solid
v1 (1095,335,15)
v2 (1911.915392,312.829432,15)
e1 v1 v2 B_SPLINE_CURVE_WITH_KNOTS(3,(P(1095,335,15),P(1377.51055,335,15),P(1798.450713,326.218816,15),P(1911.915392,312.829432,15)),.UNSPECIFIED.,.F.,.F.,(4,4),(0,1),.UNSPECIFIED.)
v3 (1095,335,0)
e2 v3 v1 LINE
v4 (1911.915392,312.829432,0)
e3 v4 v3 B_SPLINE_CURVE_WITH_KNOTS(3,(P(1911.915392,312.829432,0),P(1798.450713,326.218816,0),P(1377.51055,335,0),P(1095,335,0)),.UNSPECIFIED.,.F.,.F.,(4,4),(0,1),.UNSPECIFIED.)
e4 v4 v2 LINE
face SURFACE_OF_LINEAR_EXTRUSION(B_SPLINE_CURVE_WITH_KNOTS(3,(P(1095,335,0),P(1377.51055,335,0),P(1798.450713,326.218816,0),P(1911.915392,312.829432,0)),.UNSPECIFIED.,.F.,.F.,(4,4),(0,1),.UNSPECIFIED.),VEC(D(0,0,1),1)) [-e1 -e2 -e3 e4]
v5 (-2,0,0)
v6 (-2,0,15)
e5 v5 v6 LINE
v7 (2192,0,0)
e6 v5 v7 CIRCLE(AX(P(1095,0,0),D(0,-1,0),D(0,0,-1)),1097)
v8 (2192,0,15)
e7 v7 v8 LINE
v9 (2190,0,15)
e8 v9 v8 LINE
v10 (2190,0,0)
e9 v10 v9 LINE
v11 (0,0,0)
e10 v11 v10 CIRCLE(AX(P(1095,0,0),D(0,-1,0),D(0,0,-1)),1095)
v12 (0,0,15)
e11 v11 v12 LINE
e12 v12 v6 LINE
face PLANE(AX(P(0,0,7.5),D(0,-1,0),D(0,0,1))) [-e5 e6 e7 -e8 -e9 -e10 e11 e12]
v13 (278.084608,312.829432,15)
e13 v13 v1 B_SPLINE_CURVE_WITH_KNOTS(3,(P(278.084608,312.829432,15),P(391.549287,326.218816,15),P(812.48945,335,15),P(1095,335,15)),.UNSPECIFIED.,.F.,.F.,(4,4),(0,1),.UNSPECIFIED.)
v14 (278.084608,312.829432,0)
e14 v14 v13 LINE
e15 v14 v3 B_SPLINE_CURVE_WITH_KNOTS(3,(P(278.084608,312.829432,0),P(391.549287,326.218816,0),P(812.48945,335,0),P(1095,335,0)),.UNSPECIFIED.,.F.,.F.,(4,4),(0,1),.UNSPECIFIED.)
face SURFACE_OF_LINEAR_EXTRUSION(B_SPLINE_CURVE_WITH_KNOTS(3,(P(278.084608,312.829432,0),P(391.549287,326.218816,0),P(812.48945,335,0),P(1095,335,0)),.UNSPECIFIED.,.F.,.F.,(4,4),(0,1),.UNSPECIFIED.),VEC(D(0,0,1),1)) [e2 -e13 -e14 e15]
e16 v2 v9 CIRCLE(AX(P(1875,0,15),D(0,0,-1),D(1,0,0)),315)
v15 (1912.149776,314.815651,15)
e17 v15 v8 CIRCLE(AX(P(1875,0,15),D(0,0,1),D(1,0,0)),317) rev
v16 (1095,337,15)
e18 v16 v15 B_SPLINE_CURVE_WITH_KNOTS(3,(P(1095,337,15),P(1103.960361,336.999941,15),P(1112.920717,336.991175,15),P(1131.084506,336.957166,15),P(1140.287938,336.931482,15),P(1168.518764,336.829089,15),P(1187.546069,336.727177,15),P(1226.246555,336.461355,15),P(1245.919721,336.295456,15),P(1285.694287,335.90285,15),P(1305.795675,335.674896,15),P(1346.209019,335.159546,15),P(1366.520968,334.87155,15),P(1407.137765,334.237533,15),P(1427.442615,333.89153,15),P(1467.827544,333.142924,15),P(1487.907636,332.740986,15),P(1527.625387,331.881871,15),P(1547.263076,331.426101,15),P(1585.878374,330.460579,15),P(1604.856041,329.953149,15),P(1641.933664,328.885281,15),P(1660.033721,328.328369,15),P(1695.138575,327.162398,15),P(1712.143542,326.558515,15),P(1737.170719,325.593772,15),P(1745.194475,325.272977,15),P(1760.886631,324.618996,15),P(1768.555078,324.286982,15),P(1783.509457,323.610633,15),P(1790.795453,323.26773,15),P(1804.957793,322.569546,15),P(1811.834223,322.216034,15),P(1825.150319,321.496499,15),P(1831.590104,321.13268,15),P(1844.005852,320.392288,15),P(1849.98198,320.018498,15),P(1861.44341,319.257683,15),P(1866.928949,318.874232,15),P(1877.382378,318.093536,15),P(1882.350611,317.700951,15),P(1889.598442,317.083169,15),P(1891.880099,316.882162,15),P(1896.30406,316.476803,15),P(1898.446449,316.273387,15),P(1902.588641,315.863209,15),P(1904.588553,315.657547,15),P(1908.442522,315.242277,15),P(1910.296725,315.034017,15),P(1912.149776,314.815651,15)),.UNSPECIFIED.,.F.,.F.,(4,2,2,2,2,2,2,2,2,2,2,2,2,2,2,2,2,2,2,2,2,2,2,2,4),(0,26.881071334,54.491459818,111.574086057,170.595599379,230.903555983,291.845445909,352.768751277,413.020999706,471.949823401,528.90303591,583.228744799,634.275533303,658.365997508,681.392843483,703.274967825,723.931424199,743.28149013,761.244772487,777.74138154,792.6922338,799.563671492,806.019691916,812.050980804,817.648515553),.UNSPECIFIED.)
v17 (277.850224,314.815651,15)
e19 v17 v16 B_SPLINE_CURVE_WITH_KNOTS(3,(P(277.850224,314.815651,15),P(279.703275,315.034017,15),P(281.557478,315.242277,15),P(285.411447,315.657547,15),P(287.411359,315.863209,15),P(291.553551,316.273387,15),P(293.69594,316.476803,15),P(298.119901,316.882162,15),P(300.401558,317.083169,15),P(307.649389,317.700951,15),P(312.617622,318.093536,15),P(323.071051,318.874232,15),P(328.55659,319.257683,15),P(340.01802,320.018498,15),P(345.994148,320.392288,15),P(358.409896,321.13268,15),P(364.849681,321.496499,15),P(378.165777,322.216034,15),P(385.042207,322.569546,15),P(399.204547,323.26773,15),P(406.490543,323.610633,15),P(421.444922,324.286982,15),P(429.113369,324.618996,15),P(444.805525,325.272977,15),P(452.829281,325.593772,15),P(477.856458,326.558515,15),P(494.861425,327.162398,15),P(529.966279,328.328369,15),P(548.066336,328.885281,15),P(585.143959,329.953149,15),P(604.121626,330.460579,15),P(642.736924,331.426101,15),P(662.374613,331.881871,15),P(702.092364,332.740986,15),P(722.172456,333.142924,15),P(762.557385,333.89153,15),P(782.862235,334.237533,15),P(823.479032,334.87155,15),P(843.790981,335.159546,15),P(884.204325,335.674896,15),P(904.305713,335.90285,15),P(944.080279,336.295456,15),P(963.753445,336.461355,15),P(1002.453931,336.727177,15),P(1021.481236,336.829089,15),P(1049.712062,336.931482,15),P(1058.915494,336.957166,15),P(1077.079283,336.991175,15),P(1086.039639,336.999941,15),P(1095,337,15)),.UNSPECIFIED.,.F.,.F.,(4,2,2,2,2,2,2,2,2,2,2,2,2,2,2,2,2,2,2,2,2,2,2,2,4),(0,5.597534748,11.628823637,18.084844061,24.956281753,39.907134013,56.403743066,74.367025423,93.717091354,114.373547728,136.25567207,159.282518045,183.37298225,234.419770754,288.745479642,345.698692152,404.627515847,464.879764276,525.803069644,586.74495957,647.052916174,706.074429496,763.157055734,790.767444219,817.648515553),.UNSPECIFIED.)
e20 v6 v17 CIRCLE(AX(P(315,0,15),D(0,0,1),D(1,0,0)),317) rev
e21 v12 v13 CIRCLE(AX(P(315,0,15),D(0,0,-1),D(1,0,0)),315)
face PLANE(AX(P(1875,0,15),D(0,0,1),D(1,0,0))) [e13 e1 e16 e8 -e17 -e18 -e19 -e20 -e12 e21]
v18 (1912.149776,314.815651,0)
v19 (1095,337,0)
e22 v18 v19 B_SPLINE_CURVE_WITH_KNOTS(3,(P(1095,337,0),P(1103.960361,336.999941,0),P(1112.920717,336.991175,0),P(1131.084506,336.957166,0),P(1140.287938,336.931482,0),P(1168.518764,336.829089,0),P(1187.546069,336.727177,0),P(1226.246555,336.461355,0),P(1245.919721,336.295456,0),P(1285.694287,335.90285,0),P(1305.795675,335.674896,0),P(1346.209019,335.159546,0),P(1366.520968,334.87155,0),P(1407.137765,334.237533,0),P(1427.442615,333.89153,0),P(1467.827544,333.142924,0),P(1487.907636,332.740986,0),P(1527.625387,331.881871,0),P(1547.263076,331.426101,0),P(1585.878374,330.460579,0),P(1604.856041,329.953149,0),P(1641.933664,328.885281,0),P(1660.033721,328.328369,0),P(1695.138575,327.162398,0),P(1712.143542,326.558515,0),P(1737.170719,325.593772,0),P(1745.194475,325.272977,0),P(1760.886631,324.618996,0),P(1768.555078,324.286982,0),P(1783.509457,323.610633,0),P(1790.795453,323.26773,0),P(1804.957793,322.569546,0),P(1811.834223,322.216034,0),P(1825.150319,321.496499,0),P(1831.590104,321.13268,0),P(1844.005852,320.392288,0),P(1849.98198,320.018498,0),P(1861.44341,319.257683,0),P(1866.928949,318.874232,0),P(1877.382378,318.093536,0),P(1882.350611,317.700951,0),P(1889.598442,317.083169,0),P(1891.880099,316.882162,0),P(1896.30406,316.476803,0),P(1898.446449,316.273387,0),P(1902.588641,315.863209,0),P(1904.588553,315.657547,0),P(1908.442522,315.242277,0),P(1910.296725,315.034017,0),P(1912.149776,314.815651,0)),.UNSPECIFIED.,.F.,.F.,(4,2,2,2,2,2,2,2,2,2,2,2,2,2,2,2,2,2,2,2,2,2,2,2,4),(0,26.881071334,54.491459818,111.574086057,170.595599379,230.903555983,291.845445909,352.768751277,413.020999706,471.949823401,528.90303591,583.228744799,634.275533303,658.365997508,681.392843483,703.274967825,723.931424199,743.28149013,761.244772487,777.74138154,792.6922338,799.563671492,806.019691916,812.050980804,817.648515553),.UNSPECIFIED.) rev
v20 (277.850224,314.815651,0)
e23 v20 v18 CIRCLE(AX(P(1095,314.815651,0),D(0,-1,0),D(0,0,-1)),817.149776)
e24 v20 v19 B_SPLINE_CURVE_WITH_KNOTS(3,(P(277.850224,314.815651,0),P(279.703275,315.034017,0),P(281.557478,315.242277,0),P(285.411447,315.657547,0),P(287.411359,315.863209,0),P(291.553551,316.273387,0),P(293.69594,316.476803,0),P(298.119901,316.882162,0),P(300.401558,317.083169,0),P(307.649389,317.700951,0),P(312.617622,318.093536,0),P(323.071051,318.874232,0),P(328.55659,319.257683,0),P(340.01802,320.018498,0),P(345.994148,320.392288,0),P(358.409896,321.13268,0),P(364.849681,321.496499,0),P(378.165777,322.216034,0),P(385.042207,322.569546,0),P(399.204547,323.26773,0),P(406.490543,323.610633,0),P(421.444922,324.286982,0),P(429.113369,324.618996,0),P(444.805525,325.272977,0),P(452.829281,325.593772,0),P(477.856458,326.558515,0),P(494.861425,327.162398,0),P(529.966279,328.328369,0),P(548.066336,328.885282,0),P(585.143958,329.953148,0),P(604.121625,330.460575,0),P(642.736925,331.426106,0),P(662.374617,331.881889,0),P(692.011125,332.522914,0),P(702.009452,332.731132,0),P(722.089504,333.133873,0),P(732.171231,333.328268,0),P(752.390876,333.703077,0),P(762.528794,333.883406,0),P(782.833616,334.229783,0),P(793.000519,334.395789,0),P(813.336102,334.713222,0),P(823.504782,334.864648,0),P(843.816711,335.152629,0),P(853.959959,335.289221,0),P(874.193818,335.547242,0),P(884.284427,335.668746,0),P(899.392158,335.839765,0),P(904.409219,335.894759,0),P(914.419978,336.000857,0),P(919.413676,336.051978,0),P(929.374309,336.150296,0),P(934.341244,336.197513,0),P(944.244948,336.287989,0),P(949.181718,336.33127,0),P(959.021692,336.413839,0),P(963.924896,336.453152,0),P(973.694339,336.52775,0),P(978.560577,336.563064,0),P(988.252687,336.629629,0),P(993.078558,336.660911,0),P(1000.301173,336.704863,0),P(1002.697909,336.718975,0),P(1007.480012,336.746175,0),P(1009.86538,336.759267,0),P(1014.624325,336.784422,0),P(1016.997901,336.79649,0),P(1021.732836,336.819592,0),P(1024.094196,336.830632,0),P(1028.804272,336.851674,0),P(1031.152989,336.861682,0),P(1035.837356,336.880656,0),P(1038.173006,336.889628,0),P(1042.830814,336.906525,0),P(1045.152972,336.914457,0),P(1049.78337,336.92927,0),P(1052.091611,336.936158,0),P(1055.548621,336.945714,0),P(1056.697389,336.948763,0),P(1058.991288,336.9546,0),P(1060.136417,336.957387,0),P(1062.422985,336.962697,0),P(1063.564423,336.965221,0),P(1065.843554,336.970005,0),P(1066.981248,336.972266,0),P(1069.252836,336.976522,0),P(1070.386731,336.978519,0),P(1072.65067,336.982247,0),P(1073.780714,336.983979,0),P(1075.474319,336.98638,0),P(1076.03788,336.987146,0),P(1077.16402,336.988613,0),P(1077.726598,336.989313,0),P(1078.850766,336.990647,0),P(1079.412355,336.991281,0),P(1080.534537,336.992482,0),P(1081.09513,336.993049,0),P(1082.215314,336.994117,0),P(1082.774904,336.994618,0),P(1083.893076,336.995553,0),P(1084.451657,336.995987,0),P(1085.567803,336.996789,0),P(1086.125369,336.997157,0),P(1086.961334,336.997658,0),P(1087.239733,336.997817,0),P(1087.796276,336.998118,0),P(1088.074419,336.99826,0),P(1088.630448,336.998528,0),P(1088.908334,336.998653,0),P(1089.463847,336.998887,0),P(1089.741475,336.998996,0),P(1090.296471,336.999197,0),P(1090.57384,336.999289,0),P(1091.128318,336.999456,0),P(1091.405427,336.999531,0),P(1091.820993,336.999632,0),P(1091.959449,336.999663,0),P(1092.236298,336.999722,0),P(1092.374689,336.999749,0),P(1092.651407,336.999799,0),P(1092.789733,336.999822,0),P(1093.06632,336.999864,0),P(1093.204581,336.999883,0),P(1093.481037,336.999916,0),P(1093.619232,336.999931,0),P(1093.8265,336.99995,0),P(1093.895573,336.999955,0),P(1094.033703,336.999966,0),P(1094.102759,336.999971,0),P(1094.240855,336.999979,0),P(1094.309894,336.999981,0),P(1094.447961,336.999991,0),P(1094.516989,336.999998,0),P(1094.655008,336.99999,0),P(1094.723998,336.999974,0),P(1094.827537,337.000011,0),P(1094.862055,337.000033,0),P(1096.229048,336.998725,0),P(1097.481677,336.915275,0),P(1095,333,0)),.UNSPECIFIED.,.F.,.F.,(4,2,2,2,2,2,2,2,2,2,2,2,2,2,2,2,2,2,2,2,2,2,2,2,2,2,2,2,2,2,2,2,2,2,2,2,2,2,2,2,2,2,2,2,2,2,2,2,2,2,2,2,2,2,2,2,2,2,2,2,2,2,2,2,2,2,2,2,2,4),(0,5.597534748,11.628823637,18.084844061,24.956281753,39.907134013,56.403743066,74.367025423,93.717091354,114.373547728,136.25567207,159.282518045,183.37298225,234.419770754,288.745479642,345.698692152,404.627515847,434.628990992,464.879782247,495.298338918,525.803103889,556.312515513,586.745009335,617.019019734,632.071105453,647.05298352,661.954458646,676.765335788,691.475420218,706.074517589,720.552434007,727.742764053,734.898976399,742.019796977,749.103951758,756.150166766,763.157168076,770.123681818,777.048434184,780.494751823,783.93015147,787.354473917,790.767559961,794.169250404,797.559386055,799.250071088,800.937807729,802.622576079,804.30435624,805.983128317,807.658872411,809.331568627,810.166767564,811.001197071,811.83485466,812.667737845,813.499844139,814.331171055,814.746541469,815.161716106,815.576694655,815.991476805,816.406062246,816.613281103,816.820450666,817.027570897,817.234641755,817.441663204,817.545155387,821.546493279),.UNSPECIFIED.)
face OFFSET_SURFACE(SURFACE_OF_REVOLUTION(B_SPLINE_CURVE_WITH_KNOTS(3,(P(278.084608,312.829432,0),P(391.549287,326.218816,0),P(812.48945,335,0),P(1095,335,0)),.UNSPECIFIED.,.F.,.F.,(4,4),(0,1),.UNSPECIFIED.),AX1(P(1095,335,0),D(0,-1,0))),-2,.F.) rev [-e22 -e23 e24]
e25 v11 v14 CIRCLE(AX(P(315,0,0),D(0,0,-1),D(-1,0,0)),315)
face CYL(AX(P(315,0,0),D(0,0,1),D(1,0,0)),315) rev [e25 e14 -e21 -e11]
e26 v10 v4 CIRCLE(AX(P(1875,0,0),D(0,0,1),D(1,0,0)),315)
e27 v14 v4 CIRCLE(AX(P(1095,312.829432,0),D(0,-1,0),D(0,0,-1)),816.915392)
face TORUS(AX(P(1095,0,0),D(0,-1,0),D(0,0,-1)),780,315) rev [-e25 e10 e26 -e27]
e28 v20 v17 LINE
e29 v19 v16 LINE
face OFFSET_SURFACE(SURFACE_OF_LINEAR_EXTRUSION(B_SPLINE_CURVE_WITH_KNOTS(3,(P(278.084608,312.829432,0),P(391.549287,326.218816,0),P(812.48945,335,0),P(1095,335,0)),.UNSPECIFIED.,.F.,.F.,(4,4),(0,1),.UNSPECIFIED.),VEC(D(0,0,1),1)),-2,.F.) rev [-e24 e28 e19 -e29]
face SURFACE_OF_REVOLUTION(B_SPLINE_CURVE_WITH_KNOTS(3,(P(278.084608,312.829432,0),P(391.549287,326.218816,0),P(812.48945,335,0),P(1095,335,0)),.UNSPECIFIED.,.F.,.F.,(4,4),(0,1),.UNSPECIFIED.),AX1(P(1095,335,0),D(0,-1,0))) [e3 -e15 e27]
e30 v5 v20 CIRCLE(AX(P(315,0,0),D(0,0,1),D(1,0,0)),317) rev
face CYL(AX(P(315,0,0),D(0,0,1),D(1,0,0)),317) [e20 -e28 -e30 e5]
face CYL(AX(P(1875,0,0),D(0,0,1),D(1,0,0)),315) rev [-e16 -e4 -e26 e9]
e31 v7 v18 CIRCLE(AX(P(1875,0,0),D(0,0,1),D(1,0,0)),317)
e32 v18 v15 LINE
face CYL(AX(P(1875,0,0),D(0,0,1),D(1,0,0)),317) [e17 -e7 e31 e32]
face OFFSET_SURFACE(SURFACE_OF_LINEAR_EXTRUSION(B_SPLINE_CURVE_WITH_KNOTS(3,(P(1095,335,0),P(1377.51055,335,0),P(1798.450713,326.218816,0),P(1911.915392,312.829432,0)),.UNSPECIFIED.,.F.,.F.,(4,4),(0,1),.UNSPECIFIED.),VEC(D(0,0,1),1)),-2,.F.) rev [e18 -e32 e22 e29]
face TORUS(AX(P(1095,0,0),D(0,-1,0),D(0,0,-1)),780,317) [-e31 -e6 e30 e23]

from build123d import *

# Parameters (mm, degrees)
SURFACE_REVOLVE1_2_ANGLE = 180
SURFACE_EXTRUDE1_3_DEPTH = 15
THICKEN1_T2              = 2


with BuildPart() as body_1:
    # Surface-Revolve1: a surface, the sketch's curves turned about an axis by 180 degrees
    with BuildLine(Plane.XY, mode=Mode.PRIVATE) as surface_revolve1_2_path:
        ThreePointArc((0, 0), (79.571296782, 209.280495271), (278.084607626, 312.829432448))
        add(Edge.make_bspline(
            [(278.084607626, 312.829432448), (391.549286988, 326.218815687), (812.489449679, 335), (1095, 335)],
            knots=[0, 0, 0, 0, 1, 1, 1, 1], degree=3))
    surface_revolve1_2 = Shell.revolve(surface_revolve1_2_path.wire(), SURFACE_REVOLVE1_2_ANGLE, Axis((1095, 335, 0), (0, -1, 0)))
    # Surface-Extrude1: a surface, the sketch's curves swept straight by 15 mm
    with BuildLine(Plane.XY, mode=Mode.PRIVATE) as surface_extrude1_3_path:
        ThreePointArc((2190, 0), (2110.428703218, 209.280495271), (1911.915392374, 312.829432448))
        add(Edge.make_bspline(
            [(1911.915392374, 312.829432448), (1798.450713012, 326.218815687), (1377.510550321, 335), (1095, 335)],
            knots=[0, 0, 0, 0, 1, 1, 1, 1], degree=3))
        add(Edge.make_bspline(
            [(1095, 335), (812.489449679, 335), (391.549286988, 326.218815687), (278.084607626, 312.829432448)],
            knots=[0, 0, 0, 0, 1, 1, 1, 1], degree=3))
        ThreePointArc((278.084607626, 312.829432448), (79.571296782, 209.280495271), (0, 0))
    surface_extrude1_3 = Shell.extrude(surface_extrude1_3_path.wire(), (0 * SURFACE_EXTRUDE1_3_DEPTH, 0 * SURFACE_EXTRUDE1_3_DEPTH, 1 * SURFACE_EXTRUDE1_3_DEPTH))
    # Surface-Knit1: the surfaces knitted into one
    surface_knit1_1 = Shell(Face.sew_faces(surface_revolve1_2.faces() + surface_extrude1_3.faces())[0])
    add(Solid.thicken(surface_knit1_1, -THICKEN1_T2))


solid = body_1.part
